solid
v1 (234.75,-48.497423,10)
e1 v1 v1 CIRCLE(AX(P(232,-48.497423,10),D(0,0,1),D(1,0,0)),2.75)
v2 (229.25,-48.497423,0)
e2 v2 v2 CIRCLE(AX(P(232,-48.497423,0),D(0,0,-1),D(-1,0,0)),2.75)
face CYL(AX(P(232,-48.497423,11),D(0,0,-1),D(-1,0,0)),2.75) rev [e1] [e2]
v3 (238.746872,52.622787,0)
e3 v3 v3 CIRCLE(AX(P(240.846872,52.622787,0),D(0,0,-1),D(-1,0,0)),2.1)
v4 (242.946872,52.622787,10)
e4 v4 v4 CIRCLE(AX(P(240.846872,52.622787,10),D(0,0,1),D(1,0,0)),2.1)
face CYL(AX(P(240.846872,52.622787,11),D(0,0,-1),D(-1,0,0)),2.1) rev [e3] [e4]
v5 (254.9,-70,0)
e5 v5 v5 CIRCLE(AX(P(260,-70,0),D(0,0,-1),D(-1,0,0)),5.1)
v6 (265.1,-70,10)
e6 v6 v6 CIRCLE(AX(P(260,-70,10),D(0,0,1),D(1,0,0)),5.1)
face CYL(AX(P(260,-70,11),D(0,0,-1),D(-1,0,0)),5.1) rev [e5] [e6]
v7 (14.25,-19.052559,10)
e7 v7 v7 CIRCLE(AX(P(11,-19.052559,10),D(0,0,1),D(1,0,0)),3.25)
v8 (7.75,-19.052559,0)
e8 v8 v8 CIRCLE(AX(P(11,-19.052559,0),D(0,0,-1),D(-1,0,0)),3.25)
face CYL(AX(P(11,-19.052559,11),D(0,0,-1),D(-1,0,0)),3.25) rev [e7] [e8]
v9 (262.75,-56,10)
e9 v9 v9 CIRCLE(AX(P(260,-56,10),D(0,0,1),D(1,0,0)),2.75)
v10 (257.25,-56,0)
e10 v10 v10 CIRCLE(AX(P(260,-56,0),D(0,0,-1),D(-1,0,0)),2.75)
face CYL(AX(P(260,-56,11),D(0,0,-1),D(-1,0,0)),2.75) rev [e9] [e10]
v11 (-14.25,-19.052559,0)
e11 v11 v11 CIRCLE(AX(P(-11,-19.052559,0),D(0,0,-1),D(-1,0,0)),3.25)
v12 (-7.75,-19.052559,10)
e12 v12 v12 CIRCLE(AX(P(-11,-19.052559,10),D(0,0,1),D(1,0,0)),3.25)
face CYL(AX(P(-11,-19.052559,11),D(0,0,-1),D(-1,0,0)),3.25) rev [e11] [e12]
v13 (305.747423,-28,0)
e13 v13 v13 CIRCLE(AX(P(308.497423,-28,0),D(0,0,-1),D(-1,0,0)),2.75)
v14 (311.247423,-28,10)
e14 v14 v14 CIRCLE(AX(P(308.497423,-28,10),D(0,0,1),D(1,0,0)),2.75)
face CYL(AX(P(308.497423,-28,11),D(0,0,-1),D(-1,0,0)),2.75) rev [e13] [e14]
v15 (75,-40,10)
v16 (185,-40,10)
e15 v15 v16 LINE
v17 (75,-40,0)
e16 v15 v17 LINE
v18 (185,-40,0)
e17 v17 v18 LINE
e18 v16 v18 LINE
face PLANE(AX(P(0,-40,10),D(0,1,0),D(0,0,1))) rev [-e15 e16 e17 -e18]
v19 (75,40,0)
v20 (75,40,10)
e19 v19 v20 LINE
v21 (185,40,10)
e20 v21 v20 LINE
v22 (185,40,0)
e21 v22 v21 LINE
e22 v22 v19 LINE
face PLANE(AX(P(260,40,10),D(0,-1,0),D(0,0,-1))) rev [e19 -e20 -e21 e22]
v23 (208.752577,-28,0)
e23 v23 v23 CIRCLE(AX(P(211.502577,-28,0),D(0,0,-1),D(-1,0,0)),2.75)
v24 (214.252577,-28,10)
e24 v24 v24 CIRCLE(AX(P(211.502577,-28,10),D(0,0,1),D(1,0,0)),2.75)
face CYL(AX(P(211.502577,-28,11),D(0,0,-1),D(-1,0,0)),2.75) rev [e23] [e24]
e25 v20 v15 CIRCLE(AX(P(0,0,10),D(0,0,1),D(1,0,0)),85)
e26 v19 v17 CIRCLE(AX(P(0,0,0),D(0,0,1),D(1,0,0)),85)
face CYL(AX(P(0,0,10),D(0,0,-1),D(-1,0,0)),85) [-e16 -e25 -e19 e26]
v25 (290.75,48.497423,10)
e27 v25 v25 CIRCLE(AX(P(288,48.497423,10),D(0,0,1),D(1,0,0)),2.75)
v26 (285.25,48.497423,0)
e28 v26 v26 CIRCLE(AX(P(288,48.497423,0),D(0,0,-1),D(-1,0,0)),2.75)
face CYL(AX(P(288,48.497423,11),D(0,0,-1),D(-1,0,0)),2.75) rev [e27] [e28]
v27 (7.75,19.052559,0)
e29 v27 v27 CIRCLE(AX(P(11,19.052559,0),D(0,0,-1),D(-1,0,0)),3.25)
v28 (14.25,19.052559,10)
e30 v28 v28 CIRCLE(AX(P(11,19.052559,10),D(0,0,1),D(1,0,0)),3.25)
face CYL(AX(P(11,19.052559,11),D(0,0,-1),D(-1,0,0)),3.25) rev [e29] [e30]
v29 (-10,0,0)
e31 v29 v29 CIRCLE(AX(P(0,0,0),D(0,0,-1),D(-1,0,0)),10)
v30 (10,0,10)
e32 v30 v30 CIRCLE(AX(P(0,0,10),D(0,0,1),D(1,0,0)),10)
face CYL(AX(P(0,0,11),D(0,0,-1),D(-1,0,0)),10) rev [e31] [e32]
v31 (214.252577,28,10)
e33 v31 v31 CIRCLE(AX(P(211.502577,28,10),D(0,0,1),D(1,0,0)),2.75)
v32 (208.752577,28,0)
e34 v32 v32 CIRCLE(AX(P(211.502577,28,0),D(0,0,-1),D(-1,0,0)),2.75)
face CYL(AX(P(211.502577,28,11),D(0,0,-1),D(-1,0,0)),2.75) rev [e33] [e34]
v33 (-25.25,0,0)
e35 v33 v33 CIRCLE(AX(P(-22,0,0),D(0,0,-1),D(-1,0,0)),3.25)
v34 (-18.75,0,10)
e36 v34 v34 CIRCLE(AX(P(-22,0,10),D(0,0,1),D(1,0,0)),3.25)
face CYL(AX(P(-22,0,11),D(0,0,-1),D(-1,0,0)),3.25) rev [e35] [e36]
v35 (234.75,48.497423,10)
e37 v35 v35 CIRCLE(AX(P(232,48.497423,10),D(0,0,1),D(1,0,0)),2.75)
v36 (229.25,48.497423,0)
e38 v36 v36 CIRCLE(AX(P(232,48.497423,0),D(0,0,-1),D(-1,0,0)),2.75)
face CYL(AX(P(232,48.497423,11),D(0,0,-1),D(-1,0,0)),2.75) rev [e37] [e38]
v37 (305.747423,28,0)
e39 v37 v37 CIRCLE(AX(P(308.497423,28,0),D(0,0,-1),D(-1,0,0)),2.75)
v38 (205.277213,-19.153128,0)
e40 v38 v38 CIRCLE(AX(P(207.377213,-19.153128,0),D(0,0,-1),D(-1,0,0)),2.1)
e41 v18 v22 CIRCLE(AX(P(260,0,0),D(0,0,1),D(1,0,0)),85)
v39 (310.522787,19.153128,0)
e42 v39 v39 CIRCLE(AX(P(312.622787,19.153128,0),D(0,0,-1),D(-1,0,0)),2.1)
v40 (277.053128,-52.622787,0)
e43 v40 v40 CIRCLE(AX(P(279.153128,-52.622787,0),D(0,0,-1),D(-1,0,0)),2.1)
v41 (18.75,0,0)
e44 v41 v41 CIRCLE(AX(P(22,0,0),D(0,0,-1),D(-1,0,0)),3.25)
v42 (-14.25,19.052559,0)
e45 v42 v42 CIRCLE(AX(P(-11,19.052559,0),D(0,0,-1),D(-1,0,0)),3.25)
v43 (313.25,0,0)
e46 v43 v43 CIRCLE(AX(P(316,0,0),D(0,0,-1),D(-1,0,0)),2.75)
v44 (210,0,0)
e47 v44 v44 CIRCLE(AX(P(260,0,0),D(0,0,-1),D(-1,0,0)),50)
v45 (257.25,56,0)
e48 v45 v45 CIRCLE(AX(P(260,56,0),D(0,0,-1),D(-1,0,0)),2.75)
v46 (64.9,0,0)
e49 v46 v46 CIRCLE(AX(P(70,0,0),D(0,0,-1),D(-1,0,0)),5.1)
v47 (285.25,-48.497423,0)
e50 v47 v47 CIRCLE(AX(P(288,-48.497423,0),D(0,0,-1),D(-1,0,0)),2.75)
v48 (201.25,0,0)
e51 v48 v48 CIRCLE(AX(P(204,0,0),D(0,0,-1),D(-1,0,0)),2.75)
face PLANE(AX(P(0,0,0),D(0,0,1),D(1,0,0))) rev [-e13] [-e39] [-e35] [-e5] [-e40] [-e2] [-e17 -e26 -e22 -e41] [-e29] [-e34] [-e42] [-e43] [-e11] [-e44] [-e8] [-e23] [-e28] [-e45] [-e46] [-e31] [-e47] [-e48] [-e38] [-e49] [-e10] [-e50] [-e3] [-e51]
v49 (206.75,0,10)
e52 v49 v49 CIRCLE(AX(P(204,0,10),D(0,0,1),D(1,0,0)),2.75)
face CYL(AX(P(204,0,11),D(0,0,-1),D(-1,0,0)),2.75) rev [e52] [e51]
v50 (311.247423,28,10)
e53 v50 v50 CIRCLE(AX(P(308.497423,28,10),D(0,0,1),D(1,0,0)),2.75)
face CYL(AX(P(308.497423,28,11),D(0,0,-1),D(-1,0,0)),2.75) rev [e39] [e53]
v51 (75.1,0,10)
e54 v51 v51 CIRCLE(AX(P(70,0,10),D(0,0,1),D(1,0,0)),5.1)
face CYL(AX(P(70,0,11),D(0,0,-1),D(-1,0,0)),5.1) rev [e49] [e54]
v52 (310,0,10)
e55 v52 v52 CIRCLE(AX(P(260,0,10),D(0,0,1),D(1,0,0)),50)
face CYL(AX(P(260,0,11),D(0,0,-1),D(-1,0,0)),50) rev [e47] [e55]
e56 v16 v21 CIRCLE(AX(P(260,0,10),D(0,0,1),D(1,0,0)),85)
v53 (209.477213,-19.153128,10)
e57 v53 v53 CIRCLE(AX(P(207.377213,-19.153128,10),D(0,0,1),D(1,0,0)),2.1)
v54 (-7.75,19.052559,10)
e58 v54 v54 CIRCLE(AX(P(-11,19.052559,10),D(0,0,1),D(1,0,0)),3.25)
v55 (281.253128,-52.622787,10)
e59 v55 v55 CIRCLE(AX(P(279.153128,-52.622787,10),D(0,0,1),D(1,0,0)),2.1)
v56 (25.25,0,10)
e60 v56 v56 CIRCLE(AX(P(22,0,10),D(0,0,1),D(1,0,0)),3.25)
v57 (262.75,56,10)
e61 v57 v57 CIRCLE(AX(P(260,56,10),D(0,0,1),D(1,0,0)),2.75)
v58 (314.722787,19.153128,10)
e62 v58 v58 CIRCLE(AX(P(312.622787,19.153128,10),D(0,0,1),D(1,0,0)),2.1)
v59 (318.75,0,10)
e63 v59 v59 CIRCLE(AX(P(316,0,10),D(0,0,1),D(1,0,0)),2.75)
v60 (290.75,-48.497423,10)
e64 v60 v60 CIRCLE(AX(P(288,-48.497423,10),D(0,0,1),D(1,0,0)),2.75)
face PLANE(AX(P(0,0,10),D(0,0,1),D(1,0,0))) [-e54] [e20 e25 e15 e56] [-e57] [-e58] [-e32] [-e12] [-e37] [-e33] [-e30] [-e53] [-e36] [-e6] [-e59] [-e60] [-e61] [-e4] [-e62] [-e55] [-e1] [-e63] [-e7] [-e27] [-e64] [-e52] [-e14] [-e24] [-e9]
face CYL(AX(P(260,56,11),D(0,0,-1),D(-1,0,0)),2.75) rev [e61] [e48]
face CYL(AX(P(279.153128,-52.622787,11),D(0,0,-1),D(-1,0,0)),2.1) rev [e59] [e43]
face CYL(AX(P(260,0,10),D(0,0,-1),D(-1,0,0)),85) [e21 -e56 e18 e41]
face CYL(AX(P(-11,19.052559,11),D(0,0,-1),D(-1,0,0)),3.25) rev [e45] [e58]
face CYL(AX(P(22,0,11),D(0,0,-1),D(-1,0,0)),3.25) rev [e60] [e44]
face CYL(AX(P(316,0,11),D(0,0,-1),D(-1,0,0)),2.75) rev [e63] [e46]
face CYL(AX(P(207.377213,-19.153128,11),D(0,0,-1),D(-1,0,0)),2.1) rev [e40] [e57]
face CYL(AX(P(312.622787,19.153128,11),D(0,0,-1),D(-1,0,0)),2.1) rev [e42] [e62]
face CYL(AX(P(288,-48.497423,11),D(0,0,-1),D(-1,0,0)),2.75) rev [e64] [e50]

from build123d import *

# Parameters (mm, degrees)
SKETCH_1_R          = 85
EXTRUDE_1_DEPTH     = 10
SKETCH_2_W          = 260
SKETCH_2_H          = 80
EXTRUDE_2_DEPTH     = 10
SKETCH_3_R          = 85
EXTRUDE_3_DEPTH     = 10
SKETCH_4_R          = 10
SKETCH_4_R_2        = 3.25
SKETCH_4_R_3        = 50
SKETCH_4_R_4        = 2.75
SKETCH_4_R_5        = 2.1
SKETCH_4_R_6        = 5.1
CUT_EXTRUDE_1_DEPTH = 11


with BuildPart() as part:
    # 草图1 → 凸台-拉伸1 (new body)
    with BuildSketch(Plane.XY):
        Circle(SKETCH_1_R)
    extrude(amount=EXTRUDE_1_DEPTH)

    # 草图2 → 凸台-拉伸2 (add)
    with BuildSketch(Plane.XY):
        with Locations((130, 0)):
            Rectangle(SKETCH_2_W, SKETCH_2_H)
    extrude(amount=EXTRUDE_2_DEPTH)

    # 草图3 → 凸台-拉伸3 (add)
    with BuildSketch(Plane.XY):
        with Locations((260, 0)):
            Circle(SKETCH_3_R)
    extrude(amount=EXTRUDE_3_DEPTH)

    # 草图4 → 切除-拉伸1 (cut)
    with BuildSketch(Plane(origin=(0, 0, 0), x_dir=(-1, 0, 0), z_dir=(0, 0, -1))):
        Circle(SKETCH_4_R)
        with Locations((-22, 0)):
            Circle(SKETCH_4_R_2)
        with Locations((-11, 19.052558883)):
            Circle(SKETCH_4_R_2)
        with Locations((11, 19.052558883)):
            Circle(SKETCH_4_R_2)
        with Locations((22, 0)):
            Circle(SKETCH_4_R_2)
        with Locations((11, -19.052558883)):
            Circle(SKETCH_4_R_2)
        with Locations((-11, -19.052558883)):
            Circle(SKETCH_4_R_2)
        with Locations((-260, 0)):
            Circle(SKETCH_4_R_3)
        with Locations((-316, 0)):
            Circle(SKETCH_4_R_4)
        with Locations((-308.497422612, 28)):
            Circle(SKETCH_4_R_4)
        with Locations((-288, 48.497422612)):
            Circle(SKETCH_4_R_4)
        with Locations((-260, 56)):
            Circle(SKETCH_4_R_4)
        with Locations((-232, 48.497422612)):
            Circle(SKETCH_4_R_4)
        with Locations((-211.502577388, 28)):
            Circle(SKETCH_4_R_4)
        with Locations((-204, 0)):
            Circle(SKETCH_4_R_4)
        with Locations((-211.502577388, -28)):
            Circle(SKETCH_4_R_4)
        with Locations((-232, -48.497422612)):
            Circle(SKETCH_4_R_4)
        with Locations((-260, -56)):
            Circle(SKETCH_4_R_4)
        with Locations((-288, -48.497422612)):
            Circle(SKETCH_4_R_4)
        with Locations((-308.497422612, -28)):
            Circle(SKETCH_4_R_4)
        with Locations((-312.622786764, 19.153128026)):
            Circle(SKETCH_4_R_5)
        with Locations((-240.846871974, 52.622786764)):
            Circle(SKETCH_4_R_5)
        with Locations((-207.377213236, -19.153128026)):
            Circle(SKETCH_4_R_5)
        with Locations((-279.153128026, -52.622786764)):
            Circle(SKETCH_4_R_5)
        with Locations((-70, 0)):
            Circle(SKETCH_4_R_6)
        with Locations((-260, -70)):
            Circle(SKETCH_4_R_6)
    extrude(amount=-CUT_EXTRUDE_1_DEPTH, mode=Mode.SUBTRACT)


solid = part.part
